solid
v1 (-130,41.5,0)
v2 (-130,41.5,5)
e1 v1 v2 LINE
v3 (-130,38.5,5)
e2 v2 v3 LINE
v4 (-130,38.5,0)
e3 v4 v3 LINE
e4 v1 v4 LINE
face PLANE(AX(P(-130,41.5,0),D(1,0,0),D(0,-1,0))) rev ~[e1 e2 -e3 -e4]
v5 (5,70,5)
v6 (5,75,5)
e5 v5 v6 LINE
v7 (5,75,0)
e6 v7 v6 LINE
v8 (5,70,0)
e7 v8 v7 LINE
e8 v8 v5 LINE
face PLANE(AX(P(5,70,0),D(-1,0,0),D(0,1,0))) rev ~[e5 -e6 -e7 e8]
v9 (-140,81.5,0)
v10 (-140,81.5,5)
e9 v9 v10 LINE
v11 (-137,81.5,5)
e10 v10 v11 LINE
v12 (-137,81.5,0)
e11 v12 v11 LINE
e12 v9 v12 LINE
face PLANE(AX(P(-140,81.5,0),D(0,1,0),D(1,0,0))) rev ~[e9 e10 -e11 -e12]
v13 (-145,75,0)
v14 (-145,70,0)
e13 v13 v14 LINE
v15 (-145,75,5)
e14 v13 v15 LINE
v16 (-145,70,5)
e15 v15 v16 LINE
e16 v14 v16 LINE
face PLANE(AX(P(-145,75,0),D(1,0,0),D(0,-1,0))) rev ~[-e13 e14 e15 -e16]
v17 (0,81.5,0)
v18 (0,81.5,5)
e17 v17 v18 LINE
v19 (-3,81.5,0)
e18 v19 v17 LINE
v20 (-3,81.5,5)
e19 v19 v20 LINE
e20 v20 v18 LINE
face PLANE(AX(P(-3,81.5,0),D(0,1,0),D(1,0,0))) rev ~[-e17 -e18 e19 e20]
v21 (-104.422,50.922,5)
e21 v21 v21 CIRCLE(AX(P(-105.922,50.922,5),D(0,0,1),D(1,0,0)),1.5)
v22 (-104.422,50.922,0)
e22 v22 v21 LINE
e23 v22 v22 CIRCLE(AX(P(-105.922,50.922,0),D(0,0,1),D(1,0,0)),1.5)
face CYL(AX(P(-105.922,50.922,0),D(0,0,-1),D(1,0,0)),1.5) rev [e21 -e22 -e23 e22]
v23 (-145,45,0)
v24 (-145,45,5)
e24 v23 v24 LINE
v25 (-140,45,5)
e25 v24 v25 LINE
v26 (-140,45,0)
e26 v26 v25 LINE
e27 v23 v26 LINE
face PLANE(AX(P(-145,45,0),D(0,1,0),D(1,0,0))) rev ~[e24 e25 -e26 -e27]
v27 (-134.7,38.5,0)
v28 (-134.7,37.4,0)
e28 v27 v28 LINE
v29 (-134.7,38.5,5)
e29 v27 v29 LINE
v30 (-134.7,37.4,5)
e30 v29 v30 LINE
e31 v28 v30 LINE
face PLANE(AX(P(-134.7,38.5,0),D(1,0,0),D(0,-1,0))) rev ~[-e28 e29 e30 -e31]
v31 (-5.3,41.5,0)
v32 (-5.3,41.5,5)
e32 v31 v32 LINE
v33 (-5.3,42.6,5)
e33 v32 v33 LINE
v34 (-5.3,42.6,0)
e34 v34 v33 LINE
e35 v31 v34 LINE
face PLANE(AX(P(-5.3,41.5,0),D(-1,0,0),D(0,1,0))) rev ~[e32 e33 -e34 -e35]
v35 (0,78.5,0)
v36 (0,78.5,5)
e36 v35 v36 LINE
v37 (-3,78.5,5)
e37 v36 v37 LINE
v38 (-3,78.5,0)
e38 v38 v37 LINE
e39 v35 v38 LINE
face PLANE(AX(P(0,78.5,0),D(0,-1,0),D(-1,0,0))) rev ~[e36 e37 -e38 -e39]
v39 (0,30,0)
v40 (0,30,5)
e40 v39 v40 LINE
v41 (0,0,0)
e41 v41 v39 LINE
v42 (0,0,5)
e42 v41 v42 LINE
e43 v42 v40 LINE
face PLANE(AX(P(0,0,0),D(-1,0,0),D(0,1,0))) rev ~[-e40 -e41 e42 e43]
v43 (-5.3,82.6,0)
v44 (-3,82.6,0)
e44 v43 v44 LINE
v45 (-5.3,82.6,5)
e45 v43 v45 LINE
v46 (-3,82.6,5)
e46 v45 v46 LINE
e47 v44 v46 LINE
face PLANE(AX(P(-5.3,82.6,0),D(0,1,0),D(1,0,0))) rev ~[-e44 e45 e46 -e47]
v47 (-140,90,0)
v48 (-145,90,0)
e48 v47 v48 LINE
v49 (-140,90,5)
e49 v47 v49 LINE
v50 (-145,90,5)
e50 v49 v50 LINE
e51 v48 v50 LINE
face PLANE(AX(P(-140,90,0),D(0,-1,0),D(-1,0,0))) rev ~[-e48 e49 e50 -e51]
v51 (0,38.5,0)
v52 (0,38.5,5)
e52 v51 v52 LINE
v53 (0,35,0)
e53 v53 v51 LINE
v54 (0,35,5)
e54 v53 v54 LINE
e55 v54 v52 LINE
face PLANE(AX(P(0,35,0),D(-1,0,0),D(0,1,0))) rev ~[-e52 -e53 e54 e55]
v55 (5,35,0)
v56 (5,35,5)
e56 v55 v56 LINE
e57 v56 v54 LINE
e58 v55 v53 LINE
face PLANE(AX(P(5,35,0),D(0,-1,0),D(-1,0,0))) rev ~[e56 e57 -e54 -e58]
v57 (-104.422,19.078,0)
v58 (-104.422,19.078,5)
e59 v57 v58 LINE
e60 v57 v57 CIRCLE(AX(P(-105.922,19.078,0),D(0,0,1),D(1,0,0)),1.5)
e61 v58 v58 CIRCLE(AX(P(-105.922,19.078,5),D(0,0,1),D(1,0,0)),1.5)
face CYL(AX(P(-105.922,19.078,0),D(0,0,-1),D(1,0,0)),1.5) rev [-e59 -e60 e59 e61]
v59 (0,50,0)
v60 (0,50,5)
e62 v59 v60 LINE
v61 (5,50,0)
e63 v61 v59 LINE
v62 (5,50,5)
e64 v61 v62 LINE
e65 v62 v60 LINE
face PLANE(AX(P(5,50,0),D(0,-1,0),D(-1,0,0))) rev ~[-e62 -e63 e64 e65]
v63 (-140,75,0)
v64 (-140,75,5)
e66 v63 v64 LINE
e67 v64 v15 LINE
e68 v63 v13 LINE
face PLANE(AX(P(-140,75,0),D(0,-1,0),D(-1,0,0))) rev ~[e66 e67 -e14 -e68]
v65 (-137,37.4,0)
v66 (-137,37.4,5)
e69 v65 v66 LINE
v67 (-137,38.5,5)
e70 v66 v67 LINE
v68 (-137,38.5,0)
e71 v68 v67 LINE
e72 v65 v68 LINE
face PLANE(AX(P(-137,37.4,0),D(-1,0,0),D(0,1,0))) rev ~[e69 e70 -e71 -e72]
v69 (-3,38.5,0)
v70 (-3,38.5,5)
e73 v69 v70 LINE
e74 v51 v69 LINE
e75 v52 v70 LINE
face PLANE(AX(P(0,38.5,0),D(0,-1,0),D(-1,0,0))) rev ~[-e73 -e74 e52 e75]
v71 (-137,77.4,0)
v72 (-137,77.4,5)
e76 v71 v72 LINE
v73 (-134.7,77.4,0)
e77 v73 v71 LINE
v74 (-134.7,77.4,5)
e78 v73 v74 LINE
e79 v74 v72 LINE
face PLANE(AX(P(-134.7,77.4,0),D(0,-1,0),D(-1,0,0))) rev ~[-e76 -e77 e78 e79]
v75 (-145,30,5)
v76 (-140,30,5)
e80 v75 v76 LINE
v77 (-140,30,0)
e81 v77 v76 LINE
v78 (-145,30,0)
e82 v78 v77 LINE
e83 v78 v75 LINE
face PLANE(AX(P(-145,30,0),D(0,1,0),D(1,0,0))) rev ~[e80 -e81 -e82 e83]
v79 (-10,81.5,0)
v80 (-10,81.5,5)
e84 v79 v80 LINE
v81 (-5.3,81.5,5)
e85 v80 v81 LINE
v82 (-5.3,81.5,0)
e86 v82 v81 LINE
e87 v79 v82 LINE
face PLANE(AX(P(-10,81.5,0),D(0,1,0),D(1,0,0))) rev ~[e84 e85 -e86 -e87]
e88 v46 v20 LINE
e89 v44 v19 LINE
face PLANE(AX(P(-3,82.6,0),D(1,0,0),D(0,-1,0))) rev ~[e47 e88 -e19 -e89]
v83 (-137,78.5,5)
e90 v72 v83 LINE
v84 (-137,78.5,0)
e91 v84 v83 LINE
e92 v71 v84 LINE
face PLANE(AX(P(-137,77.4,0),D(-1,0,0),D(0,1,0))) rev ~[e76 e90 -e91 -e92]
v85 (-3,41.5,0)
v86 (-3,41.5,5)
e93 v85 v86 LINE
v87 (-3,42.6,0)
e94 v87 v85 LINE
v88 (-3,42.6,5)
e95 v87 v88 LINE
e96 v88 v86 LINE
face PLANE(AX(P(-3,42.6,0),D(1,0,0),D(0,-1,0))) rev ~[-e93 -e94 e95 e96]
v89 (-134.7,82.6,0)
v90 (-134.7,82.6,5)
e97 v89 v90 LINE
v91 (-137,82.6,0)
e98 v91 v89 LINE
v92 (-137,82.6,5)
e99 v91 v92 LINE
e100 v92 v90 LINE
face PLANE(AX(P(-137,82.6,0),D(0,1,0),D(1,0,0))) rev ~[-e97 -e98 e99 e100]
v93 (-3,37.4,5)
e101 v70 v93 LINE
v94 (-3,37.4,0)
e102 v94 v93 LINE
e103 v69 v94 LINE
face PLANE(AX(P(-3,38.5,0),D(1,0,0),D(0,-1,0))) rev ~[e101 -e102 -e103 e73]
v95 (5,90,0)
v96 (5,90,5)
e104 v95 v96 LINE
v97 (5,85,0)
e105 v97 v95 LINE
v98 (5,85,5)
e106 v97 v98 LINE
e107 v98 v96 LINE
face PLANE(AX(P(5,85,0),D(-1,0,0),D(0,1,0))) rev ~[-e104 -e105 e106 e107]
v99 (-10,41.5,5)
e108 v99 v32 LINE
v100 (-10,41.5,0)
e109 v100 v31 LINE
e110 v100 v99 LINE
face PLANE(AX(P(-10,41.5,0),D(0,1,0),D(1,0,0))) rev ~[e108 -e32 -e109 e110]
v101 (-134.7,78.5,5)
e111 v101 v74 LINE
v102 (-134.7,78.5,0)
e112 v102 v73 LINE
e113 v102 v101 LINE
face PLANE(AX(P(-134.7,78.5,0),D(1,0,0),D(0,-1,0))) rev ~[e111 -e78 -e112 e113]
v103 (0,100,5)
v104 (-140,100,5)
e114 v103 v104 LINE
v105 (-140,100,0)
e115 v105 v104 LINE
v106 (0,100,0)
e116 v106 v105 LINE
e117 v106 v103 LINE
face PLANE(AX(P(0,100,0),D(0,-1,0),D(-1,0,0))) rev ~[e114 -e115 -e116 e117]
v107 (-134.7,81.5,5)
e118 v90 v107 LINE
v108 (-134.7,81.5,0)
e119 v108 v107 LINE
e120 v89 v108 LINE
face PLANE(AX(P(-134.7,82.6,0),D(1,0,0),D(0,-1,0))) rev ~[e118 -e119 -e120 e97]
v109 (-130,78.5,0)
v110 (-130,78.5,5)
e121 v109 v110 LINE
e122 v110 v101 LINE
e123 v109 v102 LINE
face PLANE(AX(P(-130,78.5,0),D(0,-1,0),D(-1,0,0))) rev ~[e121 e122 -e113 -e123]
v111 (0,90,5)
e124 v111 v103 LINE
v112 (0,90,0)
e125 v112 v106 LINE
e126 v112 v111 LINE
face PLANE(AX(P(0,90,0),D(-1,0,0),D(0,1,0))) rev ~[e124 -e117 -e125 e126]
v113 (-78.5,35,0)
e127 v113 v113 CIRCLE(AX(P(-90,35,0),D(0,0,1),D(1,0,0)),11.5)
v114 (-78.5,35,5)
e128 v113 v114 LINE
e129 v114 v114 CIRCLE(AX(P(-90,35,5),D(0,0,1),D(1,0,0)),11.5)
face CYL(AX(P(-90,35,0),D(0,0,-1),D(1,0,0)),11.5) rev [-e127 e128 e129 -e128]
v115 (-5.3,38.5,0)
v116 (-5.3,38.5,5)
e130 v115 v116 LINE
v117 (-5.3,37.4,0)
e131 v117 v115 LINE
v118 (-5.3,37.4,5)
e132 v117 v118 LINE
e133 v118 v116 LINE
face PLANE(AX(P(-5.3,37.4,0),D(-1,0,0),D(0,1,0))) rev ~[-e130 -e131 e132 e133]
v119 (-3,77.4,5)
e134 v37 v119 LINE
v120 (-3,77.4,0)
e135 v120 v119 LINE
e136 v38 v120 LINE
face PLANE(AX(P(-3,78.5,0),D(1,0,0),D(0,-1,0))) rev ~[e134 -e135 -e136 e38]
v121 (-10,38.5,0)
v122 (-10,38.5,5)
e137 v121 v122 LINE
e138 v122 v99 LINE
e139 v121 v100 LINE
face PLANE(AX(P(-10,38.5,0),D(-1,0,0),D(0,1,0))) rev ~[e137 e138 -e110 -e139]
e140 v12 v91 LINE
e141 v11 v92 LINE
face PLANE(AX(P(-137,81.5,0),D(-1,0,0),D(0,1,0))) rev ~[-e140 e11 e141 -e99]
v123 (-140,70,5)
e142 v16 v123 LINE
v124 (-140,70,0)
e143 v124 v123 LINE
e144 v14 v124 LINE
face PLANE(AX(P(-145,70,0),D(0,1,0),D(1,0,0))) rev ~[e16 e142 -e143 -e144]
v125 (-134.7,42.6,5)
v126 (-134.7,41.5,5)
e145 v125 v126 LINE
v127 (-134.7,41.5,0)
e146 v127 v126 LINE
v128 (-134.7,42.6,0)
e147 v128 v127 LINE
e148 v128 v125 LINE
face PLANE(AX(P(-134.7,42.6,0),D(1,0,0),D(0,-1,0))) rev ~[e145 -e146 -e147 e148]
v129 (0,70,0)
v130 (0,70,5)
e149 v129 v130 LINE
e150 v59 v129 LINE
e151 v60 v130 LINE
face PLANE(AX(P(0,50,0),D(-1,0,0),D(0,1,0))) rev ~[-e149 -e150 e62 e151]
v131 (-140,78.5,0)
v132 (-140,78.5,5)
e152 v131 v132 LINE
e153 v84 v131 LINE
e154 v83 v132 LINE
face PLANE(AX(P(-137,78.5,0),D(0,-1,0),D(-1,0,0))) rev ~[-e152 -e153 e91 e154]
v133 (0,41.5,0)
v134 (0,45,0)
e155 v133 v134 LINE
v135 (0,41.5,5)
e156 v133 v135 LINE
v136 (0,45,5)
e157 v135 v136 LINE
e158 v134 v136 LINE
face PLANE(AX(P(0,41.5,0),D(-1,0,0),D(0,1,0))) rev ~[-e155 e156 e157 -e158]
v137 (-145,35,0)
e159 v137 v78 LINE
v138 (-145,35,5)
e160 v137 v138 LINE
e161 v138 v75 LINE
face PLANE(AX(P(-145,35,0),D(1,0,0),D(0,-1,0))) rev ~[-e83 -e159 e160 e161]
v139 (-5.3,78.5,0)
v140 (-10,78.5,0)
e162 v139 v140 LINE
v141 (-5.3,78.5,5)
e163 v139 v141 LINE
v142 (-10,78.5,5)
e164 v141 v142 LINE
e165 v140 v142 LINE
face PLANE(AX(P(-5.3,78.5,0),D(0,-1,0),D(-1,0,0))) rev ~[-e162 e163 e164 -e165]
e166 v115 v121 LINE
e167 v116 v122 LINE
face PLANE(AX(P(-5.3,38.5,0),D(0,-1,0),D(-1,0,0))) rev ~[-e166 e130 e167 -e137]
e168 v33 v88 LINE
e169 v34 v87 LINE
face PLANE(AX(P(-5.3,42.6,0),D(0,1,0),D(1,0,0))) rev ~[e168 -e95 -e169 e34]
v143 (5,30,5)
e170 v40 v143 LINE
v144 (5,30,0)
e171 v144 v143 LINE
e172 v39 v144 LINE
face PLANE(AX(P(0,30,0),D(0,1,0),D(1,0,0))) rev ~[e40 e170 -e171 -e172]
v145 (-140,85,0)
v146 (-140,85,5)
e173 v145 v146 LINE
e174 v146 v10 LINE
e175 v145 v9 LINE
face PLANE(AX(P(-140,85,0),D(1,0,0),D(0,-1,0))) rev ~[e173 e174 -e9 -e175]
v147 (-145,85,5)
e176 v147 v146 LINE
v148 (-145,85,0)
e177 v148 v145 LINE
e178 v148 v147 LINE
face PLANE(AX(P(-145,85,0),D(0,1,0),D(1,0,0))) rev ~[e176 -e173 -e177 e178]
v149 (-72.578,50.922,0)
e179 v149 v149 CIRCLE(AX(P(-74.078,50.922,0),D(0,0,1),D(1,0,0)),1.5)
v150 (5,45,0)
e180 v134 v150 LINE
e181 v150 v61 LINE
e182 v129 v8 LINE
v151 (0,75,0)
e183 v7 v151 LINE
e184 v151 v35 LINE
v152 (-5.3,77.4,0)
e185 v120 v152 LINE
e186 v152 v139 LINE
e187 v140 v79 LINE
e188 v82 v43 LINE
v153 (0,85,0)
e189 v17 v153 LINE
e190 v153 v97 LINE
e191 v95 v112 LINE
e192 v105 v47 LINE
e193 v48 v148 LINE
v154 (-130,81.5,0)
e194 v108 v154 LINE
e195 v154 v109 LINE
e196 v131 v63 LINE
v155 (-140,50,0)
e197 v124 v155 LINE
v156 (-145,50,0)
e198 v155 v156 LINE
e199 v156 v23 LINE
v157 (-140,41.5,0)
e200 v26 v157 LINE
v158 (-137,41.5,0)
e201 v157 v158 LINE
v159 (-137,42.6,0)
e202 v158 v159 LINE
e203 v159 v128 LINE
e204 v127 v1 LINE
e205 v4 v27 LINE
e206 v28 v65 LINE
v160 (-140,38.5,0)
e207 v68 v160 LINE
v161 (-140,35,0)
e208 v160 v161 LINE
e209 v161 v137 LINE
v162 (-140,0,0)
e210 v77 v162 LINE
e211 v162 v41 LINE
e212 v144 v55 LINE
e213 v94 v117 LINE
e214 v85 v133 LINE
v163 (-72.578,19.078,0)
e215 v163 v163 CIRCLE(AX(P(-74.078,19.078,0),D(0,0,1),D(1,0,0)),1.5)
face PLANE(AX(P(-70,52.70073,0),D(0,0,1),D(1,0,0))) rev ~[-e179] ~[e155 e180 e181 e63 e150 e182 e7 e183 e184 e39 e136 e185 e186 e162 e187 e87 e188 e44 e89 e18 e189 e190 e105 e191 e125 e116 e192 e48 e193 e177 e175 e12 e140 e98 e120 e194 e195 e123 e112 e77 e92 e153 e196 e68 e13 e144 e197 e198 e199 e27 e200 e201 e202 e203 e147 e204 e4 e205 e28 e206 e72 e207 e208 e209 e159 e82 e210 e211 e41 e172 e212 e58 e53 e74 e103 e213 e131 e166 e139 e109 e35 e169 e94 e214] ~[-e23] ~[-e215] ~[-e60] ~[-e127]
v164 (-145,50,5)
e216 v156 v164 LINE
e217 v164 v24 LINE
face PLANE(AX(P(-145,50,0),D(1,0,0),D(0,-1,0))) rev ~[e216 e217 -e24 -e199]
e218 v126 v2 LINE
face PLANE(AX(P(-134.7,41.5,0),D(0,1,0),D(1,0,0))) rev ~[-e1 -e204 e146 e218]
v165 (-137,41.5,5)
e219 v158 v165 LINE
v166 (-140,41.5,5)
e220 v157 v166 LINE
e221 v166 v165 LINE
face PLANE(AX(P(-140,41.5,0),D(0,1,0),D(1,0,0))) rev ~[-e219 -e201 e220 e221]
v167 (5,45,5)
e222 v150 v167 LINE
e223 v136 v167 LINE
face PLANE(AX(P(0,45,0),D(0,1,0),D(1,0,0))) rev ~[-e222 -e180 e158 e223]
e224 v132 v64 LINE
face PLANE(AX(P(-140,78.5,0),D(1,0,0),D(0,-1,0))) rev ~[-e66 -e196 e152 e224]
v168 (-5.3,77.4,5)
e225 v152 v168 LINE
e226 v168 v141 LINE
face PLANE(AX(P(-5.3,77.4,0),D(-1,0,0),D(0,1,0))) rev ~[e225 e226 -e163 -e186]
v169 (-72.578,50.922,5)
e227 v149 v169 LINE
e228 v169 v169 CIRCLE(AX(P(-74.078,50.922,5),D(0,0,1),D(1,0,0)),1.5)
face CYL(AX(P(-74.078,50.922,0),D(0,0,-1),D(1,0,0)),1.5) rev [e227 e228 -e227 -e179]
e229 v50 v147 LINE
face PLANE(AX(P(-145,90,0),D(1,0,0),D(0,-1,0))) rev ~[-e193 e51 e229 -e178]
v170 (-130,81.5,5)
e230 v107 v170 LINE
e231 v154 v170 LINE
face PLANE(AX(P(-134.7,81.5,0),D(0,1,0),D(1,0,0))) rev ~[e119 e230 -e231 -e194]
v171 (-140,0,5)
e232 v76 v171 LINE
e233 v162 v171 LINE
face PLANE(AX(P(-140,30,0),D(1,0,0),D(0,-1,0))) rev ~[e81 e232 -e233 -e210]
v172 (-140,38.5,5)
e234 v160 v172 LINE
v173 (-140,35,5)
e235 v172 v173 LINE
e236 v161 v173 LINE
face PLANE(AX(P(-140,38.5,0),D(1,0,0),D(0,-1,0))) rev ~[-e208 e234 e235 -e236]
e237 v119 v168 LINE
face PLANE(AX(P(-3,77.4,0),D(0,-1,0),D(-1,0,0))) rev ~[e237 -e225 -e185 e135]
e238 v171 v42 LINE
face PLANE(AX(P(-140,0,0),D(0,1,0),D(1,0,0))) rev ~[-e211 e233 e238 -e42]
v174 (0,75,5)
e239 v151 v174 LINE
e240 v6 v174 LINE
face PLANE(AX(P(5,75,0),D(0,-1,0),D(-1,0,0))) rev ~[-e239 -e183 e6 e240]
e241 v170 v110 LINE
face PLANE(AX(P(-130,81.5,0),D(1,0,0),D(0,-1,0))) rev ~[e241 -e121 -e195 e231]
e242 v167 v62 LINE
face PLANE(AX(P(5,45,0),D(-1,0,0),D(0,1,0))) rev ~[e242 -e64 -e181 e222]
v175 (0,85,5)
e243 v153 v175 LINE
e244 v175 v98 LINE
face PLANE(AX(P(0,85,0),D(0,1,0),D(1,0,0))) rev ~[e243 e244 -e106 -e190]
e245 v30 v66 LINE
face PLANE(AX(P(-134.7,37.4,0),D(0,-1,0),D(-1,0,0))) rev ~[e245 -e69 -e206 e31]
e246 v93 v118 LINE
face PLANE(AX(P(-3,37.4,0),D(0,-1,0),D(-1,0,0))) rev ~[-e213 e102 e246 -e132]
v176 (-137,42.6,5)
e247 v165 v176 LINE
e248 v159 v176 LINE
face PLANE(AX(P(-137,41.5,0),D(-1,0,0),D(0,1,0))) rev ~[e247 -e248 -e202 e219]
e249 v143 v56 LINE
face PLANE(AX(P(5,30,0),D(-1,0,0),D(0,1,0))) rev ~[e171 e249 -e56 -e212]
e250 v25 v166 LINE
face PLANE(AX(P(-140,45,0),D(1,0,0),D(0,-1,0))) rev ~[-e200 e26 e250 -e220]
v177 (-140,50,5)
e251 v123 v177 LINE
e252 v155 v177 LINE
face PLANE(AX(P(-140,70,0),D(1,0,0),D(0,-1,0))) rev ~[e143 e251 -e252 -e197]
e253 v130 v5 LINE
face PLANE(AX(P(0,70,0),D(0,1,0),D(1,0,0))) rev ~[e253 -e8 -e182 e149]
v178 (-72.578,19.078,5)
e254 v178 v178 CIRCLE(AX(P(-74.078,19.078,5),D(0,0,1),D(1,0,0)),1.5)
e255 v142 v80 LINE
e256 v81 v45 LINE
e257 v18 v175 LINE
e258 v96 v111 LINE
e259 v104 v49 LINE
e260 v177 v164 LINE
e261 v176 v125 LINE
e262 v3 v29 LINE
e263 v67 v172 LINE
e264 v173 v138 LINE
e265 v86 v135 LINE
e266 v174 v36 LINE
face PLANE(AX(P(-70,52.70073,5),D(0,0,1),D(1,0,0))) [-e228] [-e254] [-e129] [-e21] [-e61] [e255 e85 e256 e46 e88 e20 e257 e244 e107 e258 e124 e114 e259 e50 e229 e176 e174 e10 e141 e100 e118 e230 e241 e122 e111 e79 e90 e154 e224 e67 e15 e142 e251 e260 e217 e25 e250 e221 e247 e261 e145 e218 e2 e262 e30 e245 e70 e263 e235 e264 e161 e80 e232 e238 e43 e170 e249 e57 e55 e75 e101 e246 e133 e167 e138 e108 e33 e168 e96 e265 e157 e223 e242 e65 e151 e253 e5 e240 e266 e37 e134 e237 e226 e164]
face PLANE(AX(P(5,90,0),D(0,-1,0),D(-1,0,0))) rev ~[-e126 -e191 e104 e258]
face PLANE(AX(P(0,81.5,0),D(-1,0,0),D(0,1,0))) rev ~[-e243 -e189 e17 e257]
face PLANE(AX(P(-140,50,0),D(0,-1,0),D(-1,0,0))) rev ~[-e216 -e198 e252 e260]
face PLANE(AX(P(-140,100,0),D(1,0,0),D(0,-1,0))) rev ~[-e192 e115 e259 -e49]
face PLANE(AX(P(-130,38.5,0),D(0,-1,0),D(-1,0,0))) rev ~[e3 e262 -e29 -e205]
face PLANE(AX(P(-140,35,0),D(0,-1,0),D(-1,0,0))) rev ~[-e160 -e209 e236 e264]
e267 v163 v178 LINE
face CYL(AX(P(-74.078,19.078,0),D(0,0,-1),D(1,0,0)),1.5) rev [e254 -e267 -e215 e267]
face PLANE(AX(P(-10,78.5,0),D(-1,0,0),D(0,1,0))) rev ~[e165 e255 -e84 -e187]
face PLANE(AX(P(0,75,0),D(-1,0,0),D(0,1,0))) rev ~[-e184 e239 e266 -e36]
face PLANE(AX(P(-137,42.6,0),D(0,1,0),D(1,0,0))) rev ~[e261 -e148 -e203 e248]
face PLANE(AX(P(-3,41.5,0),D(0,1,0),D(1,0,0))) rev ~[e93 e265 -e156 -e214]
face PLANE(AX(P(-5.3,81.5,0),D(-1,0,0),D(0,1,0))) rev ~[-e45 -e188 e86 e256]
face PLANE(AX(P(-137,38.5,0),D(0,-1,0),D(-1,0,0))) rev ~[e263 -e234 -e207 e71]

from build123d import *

# Parameters (mm, degrees)
SKETCH1_R           = 1.5
SKETCH1_R_2         = 11.5
BOSS_EXTRUDE1_DEPTH = 5


with BuildPart() as part:
    # Sketch1 → Boss-Extrude1 (new body)
    with BuildSketch(Plane.XY):
        Polygon((0, 100), (-140, 100), (-140, 90), (-145, 90), (-145, 85), (-140, 85), (-140, 81.5), (-137, 81.5), (-137, 82.6), (-134.7, 82.6), (-134.7, 81.5), (-130, 81.5), (-130, 78.5), (-134.7, 78.5), (-134.7, 77.4), (-137, 77.4), (-137, 78.5), (-140, 78.5), (-140, 75), (-145, 75), (-145, 70), (-140, 70), (-140, 50), (-145, 50), (-145, 45), (-140, 45), (-140, 41.5), (-137, 41.5), (-137, 42.6), (-134.7, 42.6), (-134.7, 41.5), (-130, 41.5), (-130, 38.5), (-134.7, 38.5), (-134.7, 37.4), (-137, 37.4), (-137, 38.5), (-140, 38.5), (-140, 35), (-145, 35), (-145, 30), (-140, 30), (-140, 0), (0, 0), (0, 30), (5, 30), (5, 35), (0, 35), (0, 38.5), (-3, 38.5), (-3, 37.4), (-5.3, 37.4), (-5.3, 38.5), (-10, 38.5), (-10, 41.5), (-5.3, 41.5), (-5.3, 42.6), (-3, 42.6), (-3, 41.5), (0, 41.5), (0, 45), (5, 45), (5, 50), (0, 50), (0, 70), (5, 70), (5, 75), (0, 75), (0, 78.5), (-3, 78.5), (-3, 77.4), (-5.3, 77.4), (-5.3, 78.5), (-10, 78.5), (-10, 81.5), (-5.3, 81.5), (-5.3, 82.6), (-3, 82.6), (-3, 81.5), (0, 81.5), (0, 85), (5, 85), (5, 90), (0, 90), align=None)
        with Locations((-105.922, 50.922)):
            Circle(SKETCH1_R, mode=Mode.SUBTRACT)
        with Locations((-74.078, 50.922)):
            Circle(SKETCH1_R, mode=Mode.SUBTRACT)
        with Locations((-74.078, 19.078)):
            Circle(SKETCH1_R, mode=Mode.SUBTRACT)
        with Locations((-105.922, 19.078)):
            Circle(SKETCH1_R, mode=Mode.SUBTRACT)
        with Locations((-90, 35)):
            Circle(SKETCH1_R_2, mode=Mode.SUBTRACT)
    extrude(amount=BOSS_EXTRUDE1_DEPTH)


solid = part.part
